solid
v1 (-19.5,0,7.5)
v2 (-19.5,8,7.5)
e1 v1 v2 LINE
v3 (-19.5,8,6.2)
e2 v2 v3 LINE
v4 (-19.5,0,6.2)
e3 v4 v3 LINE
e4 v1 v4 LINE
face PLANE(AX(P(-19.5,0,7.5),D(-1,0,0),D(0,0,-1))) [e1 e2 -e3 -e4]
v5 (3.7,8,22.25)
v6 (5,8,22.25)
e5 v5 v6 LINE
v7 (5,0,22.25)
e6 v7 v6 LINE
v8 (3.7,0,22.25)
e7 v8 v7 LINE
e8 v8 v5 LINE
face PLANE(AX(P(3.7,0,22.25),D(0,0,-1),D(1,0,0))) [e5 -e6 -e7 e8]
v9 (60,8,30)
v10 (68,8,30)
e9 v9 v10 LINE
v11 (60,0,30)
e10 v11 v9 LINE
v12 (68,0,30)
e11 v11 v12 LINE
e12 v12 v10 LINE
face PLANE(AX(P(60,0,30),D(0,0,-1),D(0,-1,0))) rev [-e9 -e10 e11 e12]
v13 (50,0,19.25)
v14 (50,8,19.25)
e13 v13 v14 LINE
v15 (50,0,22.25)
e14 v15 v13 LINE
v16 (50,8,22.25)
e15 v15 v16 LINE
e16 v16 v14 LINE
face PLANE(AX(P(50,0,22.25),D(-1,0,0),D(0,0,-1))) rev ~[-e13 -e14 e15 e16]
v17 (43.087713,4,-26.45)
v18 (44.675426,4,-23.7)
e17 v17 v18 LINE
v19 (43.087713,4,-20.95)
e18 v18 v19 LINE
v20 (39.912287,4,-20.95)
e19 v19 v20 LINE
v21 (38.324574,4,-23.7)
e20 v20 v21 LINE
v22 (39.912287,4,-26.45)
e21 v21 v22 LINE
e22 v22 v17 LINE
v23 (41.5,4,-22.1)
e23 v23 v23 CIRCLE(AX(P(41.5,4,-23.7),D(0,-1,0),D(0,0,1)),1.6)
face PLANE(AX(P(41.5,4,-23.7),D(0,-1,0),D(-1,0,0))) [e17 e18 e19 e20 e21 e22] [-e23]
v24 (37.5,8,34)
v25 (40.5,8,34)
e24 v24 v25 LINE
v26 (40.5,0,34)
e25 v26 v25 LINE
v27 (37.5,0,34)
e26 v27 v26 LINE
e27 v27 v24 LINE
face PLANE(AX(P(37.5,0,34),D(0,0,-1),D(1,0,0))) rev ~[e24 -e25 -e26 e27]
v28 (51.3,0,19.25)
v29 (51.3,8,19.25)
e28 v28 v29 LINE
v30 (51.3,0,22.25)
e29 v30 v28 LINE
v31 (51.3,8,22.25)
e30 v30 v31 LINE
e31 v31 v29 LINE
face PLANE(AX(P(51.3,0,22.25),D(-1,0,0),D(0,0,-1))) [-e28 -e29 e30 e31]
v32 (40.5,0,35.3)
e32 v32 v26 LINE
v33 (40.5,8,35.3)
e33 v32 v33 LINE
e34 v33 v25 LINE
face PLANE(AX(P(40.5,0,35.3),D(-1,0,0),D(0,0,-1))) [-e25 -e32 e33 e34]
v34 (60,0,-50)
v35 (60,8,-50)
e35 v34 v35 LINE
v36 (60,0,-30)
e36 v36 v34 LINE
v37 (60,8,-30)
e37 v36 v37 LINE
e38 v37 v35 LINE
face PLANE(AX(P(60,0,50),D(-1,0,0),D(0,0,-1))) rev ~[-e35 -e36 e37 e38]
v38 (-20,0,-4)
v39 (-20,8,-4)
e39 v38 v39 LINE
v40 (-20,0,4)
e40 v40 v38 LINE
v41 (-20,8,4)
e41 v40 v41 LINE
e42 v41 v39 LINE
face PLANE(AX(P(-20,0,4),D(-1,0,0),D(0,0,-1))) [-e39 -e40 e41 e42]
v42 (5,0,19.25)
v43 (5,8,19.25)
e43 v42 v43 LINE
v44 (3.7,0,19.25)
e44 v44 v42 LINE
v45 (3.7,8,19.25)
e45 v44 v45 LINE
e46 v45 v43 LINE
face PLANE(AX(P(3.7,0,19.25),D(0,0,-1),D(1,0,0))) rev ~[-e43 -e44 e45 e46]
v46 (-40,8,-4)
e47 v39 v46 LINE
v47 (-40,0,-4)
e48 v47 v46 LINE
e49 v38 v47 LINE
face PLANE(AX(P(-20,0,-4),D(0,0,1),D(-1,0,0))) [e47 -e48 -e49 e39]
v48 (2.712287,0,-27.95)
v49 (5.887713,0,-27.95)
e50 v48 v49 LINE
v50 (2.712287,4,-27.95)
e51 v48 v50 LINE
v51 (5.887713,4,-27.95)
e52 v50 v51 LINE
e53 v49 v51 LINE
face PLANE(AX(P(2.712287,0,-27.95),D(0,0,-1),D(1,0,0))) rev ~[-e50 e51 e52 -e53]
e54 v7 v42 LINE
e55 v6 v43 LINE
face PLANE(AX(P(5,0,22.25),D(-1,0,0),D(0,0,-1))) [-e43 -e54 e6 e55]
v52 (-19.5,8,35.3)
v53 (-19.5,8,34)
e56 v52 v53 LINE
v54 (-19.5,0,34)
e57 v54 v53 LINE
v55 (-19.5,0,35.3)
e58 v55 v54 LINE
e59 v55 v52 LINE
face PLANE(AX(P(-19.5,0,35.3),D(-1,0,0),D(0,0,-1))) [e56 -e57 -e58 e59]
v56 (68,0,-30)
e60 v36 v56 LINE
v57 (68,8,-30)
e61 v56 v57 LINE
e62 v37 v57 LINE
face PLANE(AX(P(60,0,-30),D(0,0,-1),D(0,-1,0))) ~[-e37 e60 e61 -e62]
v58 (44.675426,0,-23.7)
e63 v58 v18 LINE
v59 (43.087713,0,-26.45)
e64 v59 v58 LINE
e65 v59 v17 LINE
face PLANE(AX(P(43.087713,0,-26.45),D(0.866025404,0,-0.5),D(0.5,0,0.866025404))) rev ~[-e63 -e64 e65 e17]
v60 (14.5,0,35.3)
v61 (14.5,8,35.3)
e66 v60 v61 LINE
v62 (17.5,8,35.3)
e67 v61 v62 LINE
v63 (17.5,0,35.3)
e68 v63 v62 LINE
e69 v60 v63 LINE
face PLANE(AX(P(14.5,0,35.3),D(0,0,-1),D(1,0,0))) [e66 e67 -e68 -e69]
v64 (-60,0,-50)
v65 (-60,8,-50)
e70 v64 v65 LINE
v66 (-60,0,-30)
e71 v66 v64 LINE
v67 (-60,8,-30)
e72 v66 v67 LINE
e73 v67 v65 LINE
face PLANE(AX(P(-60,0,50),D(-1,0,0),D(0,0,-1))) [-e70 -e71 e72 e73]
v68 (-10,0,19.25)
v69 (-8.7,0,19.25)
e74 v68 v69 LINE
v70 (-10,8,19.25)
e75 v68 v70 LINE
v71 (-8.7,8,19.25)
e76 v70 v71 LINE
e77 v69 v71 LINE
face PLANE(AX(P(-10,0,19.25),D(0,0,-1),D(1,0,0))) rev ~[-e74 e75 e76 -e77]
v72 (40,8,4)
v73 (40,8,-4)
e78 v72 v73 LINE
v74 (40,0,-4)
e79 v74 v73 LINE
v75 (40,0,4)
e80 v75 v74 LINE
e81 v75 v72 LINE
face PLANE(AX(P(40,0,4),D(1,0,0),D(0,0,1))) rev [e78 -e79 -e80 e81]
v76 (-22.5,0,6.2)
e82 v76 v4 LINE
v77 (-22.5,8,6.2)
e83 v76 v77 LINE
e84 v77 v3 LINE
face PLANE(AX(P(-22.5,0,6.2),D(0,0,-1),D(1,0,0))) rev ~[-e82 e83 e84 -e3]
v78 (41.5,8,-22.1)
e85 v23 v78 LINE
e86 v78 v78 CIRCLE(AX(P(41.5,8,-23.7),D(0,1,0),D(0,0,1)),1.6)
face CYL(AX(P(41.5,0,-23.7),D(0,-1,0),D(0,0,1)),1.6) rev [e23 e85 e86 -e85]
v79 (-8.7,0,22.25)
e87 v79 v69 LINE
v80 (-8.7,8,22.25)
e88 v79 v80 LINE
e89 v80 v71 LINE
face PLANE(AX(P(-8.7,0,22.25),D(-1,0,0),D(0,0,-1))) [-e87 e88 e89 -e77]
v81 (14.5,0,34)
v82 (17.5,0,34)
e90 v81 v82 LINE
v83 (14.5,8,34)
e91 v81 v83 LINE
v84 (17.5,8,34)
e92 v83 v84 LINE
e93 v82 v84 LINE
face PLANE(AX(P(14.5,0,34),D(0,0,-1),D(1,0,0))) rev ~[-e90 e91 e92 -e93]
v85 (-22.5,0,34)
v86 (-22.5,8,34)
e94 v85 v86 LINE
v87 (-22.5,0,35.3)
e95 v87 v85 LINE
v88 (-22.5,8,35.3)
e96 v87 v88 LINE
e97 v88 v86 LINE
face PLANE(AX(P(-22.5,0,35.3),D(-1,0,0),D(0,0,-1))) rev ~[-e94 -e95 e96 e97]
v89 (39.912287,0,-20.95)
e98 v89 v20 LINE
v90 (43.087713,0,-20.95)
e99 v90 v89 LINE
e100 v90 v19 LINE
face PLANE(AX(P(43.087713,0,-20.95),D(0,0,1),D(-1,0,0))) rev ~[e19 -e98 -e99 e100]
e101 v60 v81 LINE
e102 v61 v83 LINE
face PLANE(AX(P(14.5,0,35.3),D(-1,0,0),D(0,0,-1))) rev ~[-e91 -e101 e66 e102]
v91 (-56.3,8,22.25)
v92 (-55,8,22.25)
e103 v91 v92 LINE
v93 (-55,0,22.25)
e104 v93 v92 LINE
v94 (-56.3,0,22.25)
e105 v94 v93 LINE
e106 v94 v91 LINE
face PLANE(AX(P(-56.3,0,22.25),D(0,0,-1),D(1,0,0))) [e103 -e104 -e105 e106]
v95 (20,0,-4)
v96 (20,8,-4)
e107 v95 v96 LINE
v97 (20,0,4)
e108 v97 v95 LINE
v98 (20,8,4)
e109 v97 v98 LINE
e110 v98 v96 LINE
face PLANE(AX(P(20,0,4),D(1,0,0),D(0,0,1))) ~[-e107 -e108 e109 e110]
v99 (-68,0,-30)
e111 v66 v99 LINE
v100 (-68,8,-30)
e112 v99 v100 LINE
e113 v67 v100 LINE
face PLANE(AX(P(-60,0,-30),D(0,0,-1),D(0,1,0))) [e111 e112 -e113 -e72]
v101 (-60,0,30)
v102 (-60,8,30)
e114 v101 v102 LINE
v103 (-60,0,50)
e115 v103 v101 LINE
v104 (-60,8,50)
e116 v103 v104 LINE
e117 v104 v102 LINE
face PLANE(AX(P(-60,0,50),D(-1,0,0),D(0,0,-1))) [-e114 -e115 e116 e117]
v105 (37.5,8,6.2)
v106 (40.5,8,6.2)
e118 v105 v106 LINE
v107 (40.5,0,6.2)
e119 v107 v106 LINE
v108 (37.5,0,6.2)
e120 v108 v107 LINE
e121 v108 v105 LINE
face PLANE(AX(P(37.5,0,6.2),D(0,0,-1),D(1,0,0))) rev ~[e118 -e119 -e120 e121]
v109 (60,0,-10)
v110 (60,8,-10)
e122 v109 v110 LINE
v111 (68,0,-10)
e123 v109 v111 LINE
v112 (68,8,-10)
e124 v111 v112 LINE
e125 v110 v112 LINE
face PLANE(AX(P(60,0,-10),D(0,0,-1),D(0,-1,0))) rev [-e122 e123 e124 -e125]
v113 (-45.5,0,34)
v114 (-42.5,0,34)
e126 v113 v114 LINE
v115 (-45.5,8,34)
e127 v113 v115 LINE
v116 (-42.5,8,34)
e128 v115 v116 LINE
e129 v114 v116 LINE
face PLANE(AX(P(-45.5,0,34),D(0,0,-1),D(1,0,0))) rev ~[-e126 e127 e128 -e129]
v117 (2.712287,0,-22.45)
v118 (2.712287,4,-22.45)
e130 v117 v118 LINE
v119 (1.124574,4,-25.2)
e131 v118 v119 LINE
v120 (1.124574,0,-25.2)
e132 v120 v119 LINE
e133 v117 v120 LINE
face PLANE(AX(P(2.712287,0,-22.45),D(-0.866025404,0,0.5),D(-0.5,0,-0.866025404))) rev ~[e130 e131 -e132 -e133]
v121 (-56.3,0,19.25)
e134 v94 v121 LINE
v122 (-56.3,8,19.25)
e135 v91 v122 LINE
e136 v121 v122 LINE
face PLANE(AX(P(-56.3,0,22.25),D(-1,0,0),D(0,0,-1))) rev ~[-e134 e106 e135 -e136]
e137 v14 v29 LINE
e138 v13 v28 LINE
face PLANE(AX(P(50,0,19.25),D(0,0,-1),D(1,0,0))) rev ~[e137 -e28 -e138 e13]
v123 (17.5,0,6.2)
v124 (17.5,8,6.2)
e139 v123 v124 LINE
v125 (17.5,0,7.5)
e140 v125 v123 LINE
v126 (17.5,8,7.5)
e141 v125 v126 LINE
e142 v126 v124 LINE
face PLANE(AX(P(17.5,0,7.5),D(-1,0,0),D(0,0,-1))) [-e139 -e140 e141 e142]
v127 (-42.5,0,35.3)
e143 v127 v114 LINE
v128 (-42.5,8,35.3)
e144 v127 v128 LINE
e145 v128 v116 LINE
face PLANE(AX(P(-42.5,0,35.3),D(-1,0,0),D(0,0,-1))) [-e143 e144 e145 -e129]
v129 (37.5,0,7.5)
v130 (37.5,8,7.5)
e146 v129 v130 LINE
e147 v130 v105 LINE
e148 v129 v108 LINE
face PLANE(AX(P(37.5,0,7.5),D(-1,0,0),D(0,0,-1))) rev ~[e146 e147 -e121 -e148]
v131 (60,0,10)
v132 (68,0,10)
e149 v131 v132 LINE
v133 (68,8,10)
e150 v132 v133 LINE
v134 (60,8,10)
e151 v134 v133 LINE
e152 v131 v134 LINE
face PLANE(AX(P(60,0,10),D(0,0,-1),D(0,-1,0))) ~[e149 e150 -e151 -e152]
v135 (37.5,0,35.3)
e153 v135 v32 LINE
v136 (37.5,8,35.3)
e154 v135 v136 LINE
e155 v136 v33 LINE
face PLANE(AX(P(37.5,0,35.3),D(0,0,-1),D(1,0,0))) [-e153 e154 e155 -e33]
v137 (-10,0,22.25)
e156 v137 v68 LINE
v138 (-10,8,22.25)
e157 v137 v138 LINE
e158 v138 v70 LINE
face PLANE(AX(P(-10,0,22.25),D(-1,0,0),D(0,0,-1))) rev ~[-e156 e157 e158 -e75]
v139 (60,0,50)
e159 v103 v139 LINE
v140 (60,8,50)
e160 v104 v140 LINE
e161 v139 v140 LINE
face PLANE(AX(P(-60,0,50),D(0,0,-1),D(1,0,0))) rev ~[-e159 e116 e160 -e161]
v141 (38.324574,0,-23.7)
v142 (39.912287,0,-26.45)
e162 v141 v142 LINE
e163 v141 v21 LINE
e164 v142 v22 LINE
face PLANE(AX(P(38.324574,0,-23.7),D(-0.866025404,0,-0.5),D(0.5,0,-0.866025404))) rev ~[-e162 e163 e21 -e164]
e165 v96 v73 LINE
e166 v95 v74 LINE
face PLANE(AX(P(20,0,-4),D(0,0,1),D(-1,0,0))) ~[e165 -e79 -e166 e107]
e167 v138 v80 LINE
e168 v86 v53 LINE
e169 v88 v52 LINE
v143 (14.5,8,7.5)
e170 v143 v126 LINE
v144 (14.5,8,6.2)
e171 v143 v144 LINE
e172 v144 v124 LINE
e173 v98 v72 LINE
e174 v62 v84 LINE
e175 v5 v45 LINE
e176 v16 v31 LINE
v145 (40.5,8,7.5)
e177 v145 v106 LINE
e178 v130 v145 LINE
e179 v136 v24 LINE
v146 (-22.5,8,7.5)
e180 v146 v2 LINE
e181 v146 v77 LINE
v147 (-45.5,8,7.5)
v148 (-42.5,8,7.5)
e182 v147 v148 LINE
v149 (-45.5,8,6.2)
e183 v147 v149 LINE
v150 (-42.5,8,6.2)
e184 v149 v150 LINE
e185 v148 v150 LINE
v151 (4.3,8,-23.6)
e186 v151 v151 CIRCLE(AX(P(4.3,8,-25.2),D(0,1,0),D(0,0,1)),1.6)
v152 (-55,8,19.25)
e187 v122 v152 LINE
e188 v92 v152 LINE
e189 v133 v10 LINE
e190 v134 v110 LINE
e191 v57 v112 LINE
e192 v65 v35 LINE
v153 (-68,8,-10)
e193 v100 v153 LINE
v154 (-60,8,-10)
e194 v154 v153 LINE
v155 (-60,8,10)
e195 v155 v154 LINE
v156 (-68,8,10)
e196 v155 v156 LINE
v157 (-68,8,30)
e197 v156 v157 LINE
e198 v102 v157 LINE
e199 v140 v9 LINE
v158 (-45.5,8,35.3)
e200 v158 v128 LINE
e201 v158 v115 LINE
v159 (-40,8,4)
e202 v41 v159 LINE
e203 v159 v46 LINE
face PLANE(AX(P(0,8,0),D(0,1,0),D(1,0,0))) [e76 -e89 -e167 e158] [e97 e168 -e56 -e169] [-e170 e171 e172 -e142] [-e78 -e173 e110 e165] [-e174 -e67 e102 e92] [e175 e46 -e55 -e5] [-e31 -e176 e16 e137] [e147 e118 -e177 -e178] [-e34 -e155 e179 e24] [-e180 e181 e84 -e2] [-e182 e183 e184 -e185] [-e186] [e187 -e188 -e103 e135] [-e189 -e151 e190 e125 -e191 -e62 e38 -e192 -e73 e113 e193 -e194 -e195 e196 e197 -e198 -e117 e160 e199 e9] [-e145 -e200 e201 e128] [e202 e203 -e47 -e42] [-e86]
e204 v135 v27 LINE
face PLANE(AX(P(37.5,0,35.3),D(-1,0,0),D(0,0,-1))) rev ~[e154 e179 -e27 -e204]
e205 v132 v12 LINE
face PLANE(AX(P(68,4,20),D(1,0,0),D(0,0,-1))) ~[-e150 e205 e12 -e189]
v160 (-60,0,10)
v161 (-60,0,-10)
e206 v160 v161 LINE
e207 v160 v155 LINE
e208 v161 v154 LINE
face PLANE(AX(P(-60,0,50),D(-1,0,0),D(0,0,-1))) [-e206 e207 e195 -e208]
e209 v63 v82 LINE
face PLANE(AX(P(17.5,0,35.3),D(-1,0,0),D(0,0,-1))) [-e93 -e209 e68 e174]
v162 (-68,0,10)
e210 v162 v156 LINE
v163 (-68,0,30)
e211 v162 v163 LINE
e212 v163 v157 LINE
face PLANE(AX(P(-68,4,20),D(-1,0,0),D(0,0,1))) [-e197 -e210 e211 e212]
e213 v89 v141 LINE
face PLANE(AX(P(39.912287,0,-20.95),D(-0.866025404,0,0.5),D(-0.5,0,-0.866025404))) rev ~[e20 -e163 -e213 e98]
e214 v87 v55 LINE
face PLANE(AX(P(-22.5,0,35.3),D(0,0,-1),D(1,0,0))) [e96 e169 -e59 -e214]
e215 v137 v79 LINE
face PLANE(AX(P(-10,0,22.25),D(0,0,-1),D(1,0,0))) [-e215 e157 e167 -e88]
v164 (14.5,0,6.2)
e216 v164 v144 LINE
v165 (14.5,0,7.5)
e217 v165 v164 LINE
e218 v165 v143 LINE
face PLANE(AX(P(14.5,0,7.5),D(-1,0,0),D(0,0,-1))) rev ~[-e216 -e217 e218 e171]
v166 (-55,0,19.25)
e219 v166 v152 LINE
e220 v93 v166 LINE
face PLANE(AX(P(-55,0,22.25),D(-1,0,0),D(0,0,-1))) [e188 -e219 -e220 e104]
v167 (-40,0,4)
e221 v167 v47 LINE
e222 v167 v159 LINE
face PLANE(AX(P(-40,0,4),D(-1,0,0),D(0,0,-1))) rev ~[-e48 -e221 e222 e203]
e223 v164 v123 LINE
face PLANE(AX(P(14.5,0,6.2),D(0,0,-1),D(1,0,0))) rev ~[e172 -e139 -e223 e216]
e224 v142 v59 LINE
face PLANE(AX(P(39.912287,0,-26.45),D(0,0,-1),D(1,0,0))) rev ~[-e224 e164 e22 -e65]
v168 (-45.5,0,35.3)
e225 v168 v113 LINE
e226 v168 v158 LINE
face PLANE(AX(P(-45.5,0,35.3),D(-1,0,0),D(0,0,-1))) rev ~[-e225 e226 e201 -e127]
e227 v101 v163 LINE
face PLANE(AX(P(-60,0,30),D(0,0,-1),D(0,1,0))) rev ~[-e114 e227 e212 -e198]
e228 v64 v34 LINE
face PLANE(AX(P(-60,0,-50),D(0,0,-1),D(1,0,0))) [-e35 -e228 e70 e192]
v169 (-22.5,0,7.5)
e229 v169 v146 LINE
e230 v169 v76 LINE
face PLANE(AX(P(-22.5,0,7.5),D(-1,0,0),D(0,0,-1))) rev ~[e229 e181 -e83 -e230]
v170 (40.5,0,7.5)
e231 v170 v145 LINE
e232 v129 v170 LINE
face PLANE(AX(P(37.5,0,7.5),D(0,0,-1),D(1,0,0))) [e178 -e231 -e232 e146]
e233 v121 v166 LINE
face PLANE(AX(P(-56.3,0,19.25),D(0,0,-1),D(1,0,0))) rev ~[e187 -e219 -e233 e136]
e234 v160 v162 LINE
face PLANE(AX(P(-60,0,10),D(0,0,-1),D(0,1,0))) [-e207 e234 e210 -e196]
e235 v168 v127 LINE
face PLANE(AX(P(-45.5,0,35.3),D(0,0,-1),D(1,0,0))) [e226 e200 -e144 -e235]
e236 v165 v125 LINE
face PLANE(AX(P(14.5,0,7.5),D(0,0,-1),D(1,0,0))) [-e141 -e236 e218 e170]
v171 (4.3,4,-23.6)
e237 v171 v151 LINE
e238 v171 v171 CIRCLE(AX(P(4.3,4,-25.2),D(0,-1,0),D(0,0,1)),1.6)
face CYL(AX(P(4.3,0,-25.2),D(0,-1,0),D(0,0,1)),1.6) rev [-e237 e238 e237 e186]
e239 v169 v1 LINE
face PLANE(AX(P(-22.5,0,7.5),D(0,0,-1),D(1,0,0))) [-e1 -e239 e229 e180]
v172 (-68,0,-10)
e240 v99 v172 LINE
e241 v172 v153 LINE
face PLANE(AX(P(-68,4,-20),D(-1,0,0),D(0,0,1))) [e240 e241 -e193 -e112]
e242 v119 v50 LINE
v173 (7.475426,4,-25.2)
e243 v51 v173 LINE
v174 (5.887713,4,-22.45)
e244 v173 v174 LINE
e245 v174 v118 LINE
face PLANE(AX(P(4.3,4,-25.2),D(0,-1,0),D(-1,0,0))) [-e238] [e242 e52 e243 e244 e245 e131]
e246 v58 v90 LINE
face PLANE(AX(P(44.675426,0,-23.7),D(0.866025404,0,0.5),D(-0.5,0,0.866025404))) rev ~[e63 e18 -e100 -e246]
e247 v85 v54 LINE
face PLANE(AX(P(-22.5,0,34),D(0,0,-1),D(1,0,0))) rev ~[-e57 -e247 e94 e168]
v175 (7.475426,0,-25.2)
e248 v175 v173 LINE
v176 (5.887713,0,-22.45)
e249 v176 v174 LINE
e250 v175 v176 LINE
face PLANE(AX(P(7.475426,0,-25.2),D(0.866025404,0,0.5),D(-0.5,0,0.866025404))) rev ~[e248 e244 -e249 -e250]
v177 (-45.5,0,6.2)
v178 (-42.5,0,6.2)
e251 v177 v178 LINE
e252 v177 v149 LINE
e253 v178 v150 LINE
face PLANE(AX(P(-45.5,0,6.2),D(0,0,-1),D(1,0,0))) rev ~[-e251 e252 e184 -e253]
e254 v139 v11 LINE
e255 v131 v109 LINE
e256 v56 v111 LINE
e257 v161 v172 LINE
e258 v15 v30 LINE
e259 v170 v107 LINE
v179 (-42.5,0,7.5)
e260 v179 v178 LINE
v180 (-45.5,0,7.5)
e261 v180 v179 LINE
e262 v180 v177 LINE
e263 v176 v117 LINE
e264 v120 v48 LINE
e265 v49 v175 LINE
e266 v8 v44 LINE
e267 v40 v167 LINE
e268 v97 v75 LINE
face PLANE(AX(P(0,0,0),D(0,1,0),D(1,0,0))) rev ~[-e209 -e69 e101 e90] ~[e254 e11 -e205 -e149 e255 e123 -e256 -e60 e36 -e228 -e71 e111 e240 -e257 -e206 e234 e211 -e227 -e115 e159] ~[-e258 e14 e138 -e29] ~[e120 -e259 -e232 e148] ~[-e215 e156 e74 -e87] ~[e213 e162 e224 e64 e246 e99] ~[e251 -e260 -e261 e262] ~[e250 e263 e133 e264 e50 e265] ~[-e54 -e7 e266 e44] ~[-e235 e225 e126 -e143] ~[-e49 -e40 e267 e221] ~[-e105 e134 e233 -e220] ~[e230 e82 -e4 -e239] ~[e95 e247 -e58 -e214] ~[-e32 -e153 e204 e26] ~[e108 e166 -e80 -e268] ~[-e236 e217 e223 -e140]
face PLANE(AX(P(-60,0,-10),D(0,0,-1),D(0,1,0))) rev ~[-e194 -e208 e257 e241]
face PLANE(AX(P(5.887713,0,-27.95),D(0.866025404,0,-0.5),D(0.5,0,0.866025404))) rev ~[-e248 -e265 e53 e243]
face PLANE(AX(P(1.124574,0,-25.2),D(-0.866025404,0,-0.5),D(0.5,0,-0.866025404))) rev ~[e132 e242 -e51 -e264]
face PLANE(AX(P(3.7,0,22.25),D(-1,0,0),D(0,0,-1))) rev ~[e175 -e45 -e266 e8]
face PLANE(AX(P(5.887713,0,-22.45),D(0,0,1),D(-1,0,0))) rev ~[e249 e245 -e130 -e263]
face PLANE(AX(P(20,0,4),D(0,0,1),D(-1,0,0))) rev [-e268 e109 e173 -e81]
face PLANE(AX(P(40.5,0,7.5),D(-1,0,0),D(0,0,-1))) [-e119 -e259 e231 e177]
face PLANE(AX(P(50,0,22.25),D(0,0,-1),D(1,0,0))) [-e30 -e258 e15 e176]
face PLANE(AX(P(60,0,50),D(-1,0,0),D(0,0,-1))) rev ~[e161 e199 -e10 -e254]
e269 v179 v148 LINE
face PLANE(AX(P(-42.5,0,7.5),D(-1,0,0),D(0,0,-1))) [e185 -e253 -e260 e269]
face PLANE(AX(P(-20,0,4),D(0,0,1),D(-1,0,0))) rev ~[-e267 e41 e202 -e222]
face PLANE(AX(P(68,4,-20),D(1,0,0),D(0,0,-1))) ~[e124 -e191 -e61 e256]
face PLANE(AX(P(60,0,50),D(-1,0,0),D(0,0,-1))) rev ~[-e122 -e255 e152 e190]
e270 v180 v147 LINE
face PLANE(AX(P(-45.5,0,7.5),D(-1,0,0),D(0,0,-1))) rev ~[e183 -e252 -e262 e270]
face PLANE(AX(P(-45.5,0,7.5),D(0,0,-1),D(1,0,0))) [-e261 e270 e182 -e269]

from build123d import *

# Parameters (mm, degrees)
SKETCH1_W           = 120
SKETCH1_H           = 100
SKETCH1_R           = 1.6
SKETCH1_W_2         = 3
SKETCH1_H_2         = 1.3
SKETCH1_W_3         = 1.3
SKETCH1_H_3         = 3
BOSS_EXTRUDE1_DEPTH = 8
CUT_EXTRUDE1_DEPTH  = 4
SKETCH3_W           = 20
SKETCH3_H           = 8
BOSS_EXTRUDE2_DEPTH = 8
CUT_EXTRUDE3_REACH  = 86.782
SKETCH5_W           = 20
SKETCH5_H           = 8


with BuildPart() as part:
    # Sketch1 → Boss-Extrude1 (new body)
    with BuildSketch(Plane(origin=(0, 0, 0), x_dir=(1, 0, 0), z_dir=(0, 1, 0))):
        Rectangle(SKETCH1_W, SKETCH1_H)
        with Locations(Location((41.5, 23.7, 0), (0, 0, 270))):
            Circle(SKETCH1_R, mode=Mode.SUBTRACT)
        with Locations(Location((4.3, 25.2, 0), (0, 0, 270))):
            Circle(SKETCH1_R, mode=Mode.SUBTRACT)
        with Locations((39, -6.85)):
            Rectangle(SKETCH1_W_2, SKETCH1_H_2, mode=Mode.SUBTRACT)
        with Locations((16, -6.85)):
            Rectangle(SKETCH1_W_2, SKETCH1_H_2, mode=Mode.SUBTRACT)
        with Locations((4.35, -20.75)):
            Rectangle(SKETCH1_W_3, SKETCH1_H_3, mode=Mode.SUBTRACT)
        with Locations((50.65, -20.75)):
            Rectangle(SKETCH1_W_3, SKETCH1_H_3, mode=Mode.SUBTRACT)
        with Locations((39, -34.65)):
            Rectangle(SKETCH1_W_2, SKETCH1_H_2, mode=Mode.SUBTRACT)
        with Locations((16, -34.65)):
            Rectangle(SKETCH1_W_2, SKETCH1_H_2, mode=Mode.SUBTRACT)
        with Locations((-21, -34.65)):
            Rectangle(SKETCH1_W_2, SKETCH1_H_2, mode=Mode.SUBTRACT)
        with Locations((-44, -34.65)):
            Rectangle(SKETCH1_W_2, SKETCH1_H_2, mode=Mode.SUBTRACT)
        with Locations((-55.65, -20.75)):
            Rectangle(SKETCH1_W_3, SKETCH1_H_3, mode=Mode.SUBTRACT)
        with Locations((-44, -6.85)):
            Rectangle(SKETCH1_W_2, SKETCH1_H_2, mode=Mode.SUBTRACT)
        with Locations((-9.35, -20.75)):
            Rectangle(SKETCH1_W_3, SKETCH1_H_3, mode=Mode.SUBTRACT)
        with Locations((-21, -6.85)):
            Rectangle(SKETCH1_W_2, SKETCH1_H_2, mode=Mode.SUBTRACT)
    extrude(amount=BOSS_EXTRUDE1_DEPTH)

    # Sketch2 → Cut-Extrude1 (cut)
    with BuildSketch(Plane(origin=(0, 0, 0), x_dir=(-1, 0, 0), z_dir=(0, -1, 0))):
        Polygon((-7.475426481, 25.2), (-5.88771324, 22.45), (-2.71228676, 22.45), (-1.124573519, 25.2), (-2.71228676, 27.95), (-5.88771324, 27.95), align=None)
        Polygon((-44.675426481, 23.7), (-43.08771324, 20.95), (-39.91228676, 20.95), (-38.324573519, 23.7), (-39.91228676, 26.45), (-43.08771324, 26.45), align=None)
    extrude(amount=-CUT_EXTRUDE1_DEPTH, mode=Mode.SUBTRACT)

    # Sketch3 → Boss-Extrude2 (add)
    with BuildSketch(Plane.ZY.offset(60)):
        with Locations((-20, 4)):
            Rectangle(SKETCH3_W, SKETCH3_H)
        with Locations((20, 4)):
            Rectangle(SKETCH3_W, SKETCH3_H)
    boss_extrude2 = extrude(amount=BOSS_EXTRUDE2_DEPTH)

    # Mirror1: Boss-Extrude2 across plane
    add(boss_extrude2.mirror(Plane.ZY))

    # Sketch5 → Cut-Extrude3 (cut, up to next)
    with BuildSketch(Plane(origin=(0, 0, 0), x_dir=(-1, 0, 0), z_dir=(0, -1, 0)), mode=Mode.PRIVATE) as cut_extrude3_sk1:
        with Locations((30, 0)):
            Rectangle(SKETCH5_W, SKETCH5_H)
    cut_extrude3_tool1 = extrude(cut_extrude3_sk1.sketch, amount=-CUT_EXTRUDE3_REACH, mode=Mode.PRIVATE) & part.part
    cut_extrude3 = cut_extrude3_tool1.solids().sort_by_distance((-30, 0, 0))[0]
    add(cut_extrude3, mode=Mode.SUBTRACT)

    # Mirror2: Cut-Extrude3 across plane
    add(cut_extrude3.mirror(Plane.ZY), mode=Mode.SUBTRACT)


solid = part.part
